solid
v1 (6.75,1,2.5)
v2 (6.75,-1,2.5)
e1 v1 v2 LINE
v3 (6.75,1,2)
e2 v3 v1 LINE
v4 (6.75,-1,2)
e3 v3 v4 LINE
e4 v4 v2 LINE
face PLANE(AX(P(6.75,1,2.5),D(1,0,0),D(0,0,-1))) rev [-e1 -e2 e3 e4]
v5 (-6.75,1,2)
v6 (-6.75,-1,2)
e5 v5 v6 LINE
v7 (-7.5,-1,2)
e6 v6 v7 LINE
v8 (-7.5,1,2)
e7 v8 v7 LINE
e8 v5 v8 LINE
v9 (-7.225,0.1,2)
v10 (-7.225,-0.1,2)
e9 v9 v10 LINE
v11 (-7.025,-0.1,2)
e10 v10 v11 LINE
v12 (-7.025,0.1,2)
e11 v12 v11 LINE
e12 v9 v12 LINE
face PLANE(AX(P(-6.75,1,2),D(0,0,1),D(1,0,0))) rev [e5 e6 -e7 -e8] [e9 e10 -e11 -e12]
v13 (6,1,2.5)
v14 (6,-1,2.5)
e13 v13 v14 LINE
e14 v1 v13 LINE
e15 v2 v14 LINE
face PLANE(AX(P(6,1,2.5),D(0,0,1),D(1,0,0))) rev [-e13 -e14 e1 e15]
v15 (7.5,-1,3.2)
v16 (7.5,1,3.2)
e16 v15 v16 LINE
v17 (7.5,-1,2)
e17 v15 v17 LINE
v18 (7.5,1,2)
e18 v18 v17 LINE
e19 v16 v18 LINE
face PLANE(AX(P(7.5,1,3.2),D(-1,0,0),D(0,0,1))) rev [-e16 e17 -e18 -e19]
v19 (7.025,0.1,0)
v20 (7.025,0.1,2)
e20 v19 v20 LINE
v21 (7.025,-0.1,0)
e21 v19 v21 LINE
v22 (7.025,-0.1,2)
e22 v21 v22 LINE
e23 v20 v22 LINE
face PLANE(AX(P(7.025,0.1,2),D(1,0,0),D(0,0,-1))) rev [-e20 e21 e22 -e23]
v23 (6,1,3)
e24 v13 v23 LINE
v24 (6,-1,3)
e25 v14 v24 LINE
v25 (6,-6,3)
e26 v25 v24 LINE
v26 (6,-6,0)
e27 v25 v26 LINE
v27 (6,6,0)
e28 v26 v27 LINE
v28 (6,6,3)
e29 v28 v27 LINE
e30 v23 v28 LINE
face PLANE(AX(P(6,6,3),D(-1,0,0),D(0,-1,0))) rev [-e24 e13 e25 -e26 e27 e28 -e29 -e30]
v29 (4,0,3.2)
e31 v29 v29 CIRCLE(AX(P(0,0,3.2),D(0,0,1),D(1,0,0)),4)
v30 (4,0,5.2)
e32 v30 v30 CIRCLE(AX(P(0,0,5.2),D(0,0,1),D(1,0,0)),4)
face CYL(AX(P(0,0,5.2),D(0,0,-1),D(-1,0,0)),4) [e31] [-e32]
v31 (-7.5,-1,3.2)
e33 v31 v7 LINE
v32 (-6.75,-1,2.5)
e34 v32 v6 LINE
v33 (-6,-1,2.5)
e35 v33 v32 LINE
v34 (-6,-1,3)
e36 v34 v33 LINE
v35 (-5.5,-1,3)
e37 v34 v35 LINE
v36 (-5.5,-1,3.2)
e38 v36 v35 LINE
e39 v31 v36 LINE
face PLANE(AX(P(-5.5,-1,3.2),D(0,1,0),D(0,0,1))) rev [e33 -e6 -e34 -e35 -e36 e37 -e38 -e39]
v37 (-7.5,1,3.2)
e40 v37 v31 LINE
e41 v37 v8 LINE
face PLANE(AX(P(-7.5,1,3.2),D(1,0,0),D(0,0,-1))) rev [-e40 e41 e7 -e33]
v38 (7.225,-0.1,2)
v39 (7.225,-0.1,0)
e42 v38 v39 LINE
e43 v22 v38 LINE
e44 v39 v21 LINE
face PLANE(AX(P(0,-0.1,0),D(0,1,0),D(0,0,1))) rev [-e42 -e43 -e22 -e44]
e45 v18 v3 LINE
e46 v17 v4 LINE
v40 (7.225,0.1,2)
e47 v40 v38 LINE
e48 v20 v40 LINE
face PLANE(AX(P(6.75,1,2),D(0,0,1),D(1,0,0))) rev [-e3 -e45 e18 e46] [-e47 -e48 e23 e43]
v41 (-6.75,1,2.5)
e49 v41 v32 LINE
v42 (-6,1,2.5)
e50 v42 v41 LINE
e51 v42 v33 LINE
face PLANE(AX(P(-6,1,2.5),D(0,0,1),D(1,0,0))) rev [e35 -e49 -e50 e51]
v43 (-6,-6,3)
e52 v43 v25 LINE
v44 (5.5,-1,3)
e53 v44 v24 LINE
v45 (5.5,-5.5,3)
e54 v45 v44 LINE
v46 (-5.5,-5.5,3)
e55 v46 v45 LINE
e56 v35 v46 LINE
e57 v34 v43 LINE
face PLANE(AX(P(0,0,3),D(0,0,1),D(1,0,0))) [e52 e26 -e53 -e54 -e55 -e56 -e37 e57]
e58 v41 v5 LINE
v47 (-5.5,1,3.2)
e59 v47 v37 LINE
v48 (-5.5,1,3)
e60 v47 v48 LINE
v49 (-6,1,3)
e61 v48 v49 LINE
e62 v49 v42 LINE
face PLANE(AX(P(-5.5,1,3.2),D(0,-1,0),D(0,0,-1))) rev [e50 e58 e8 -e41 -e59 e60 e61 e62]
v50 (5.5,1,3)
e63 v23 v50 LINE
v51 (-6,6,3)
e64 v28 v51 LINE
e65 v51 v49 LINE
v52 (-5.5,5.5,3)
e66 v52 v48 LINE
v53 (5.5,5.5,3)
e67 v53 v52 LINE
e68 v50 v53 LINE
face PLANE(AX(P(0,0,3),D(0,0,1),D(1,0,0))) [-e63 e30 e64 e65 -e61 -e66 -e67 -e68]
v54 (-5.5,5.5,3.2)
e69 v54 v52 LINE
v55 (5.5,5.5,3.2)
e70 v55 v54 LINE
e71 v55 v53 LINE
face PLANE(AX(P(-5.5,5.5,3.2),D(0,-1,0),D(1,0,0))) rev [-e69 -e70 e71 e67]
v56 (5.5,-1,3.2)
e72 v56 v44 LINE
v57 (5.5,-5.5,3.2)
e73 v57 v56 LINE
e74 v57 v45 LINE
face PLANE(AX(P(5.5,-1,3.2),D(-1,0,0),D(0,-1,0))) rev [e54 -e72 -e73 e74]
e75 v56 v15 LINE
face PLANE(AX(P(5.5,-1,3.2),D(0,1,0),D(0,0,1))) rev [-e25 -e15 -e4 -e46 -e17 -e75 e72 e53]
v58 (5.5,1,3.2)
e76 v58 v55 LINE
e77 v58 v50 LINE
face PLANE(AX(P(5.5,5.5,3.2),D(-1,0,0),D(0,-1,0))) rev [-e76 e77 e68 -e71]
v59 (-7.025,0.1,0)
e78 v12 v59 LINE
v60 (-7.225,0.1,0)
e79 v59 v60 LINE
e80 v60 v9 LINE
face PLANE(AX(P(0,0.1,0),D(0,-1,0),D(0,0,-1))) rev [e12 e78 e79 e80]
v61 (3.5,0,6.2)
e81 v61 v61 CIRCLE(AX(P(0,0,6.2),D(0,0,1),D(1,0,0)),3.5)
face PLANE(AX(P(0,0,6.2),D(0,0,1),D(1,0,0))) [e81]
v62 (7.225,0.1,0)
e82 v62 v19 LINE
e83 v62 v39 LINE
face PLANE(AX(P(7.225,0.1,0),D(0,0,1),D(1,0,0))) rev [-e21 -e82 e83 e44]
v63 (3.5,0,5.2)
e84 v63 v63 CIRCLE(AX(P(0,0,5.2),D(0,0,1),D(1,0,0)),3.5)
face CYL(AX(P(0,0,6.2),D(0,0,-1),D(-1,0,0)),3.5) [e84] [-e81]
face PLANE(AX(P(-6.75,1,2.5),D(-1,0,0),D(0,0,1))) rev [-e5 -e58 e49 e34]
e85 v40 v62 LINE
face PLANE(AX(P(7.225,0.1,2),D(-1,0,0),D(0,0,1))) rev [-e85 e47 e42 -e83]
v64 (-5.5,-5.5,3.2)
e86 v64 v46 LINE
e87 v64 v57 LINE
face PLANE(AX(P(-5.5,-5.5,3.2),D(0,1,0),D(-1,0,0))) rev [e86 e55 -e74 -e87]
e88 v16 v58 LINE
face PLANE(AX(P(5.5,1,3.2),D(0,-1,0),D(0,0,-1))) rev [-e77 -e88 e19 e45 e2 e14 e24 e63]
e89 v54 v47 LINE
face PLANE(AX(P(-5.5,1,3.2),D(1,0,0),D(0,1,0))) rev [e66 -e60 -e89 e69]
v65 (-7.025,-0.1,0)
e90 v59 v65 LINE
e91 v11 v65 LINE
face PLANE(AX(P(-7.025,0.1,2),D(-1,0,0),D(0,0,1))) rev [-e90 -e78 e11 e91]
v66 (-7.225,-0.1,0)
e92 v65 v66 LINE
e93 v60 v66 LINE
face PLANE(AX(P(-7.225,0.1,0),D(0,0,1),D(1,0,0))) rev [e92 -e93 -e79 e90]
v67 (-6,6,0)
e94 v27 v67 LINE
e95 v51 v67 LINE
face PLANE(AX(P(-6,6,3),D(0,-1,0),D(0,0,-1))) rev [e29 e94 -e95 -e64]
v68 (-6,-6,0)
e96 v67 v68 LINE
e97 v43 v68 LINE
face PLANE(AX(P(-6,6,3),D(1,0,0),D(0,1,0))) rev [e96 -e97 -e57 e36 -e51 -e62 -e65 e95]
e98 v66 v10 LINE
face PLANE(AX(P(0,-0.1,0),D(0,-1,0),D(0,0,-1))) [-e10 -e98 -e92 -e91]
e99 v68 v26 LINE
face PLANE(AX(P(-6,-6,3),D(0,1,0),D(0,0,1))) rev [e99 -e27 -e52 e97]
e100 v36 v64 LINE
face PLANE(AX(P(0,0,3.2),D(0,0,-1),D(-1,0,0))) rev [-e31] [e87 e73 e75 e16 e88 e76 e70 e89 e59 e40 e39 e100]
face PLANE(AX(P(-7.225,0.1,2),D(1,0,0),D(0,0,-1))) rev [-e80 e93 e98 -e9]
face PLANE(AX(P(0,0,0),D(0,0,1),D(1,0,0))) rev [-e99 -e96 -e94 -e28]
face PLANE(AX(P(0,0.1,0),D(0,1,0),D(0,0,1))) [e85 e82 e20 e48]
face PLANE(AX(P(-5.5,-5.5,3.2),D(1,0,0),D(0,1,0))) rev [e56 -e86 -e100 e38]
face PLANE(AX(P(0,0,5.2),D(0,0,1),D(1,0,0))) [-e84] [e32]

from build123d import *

# Parameters (mm, degrees)
ESQUISSE1_W             = 12
ESQUISSE1_H             = 12
BOSS_EXTRU_1_DEPTH      = 3
BOSS_EXTRU_2_DEPTH      = 0.2
BOSS_EXTRU_3_DEPTH      = 1
ESQUISSE4_W             = 0.2
ESQUISSE4_H             = 2
BOSS_EXTRU_4_DEPTH      = 0.1
ESQUISSE5_R             = 4
BOSS_EXTRU_5_DEPTH      = 2
ESQUISSE6_R             = 3.5
ENL_V_MAT_EXTRU_1_DEPTH = 2
ESQUISSE7_R             = 3.5
BOSS_EXTRU_6_DEPTH      = 3


with BuildPart() as part:
    # Esquisse1 → Boss.-Extru.1 (new body)
    with BuildSketch(Plane.XY):
        Rectangle(ESQUISSE1_W, ESQUISSE1_H)
    extrude(amount=BOSS_EXTRU_1_DEPTH)

    # Esquisse2 → Boss.-Extru.2 (add)
    with BuildSketch(Plane.XY.offset(3)):
        Polygon((-5.5, 1), (-5.5, 5.5), (5.5, 5.5), (5.5, 1), (7.5, 1), (7.5, -1), (5.5, -1), (5.5, -5.5), (-5.5, -5.5), (-5.5, -1), (-7.5, -1), (-7.5, 1), align=None)
    extrude(amount=BOSS_EXTRU_2_DEPTH)

    # Esquisse3 → Boss.-Extru.3 (add, symmetric)
    with BuildSketch(Plane(origin=(0, 0, 0), x_dir=(1, 0, 0), z_dir=(0, 1, 0))):
        Polygon((6, -3), (6, -2.5), (6.75, -2.5), (6.75, -2), (7.5, -2), (7.5, -3), align=None)
        Polygon((-7.5, -3), (-6, -3), (-6, -2.5), (-6.75, -2.5), (-6.75, -2), (-7.5, -2), align=None)
    extrude(amount=BOSS_EXTRU_3_DEPTH, both=True)

    # Esquisse4 → Boss.-Extru.4 (add, symmetric)
    with BuildSketch(Plane(origin=(0, 0, 0), x_dir=(1, 0, 0), z_dir=(0, 1, 0))):
        with Locations((7.125, -1)):
            Rectangle(ESQUISSE4_W, ESQUISSE4_H)
        with Locations((-7.125, -1)):
            Rectangle(ESQUISSE4_W, ESQUISSE4_H)
    extrude(amount=BOSS_EXTRU_4_DEPTH, both=True)

    # Esquisse5 → Boss.-Extru.5 (add)
    with BuildSketch(Plane.XY.offset(3.2)):
        Circle(ESQUISSE5_R)
    extrude(amount=BOSS_EXTRU_5_DEPTH)

    # Esquisse6 → Enlèv. mat.-Extru.1 (cut)
    with BuildSketch(Plane.XY.offset(5.2)):
        Circle(ESQUISSE6_R)
    extrude(amount=-ENL_V_MAT_EXTRU_1_DEPTH, mode=Mode.SUBTRACT)

    # Esquisse7 → Boss.-Extru.6 (add)
    with BuildSketch(Plane.XY.offset(3.2)):
        Circle(ESQUISSE7_R)
    extrude(amount=BOSS_EXTRU_6_DEPTH)


solid = part.part
